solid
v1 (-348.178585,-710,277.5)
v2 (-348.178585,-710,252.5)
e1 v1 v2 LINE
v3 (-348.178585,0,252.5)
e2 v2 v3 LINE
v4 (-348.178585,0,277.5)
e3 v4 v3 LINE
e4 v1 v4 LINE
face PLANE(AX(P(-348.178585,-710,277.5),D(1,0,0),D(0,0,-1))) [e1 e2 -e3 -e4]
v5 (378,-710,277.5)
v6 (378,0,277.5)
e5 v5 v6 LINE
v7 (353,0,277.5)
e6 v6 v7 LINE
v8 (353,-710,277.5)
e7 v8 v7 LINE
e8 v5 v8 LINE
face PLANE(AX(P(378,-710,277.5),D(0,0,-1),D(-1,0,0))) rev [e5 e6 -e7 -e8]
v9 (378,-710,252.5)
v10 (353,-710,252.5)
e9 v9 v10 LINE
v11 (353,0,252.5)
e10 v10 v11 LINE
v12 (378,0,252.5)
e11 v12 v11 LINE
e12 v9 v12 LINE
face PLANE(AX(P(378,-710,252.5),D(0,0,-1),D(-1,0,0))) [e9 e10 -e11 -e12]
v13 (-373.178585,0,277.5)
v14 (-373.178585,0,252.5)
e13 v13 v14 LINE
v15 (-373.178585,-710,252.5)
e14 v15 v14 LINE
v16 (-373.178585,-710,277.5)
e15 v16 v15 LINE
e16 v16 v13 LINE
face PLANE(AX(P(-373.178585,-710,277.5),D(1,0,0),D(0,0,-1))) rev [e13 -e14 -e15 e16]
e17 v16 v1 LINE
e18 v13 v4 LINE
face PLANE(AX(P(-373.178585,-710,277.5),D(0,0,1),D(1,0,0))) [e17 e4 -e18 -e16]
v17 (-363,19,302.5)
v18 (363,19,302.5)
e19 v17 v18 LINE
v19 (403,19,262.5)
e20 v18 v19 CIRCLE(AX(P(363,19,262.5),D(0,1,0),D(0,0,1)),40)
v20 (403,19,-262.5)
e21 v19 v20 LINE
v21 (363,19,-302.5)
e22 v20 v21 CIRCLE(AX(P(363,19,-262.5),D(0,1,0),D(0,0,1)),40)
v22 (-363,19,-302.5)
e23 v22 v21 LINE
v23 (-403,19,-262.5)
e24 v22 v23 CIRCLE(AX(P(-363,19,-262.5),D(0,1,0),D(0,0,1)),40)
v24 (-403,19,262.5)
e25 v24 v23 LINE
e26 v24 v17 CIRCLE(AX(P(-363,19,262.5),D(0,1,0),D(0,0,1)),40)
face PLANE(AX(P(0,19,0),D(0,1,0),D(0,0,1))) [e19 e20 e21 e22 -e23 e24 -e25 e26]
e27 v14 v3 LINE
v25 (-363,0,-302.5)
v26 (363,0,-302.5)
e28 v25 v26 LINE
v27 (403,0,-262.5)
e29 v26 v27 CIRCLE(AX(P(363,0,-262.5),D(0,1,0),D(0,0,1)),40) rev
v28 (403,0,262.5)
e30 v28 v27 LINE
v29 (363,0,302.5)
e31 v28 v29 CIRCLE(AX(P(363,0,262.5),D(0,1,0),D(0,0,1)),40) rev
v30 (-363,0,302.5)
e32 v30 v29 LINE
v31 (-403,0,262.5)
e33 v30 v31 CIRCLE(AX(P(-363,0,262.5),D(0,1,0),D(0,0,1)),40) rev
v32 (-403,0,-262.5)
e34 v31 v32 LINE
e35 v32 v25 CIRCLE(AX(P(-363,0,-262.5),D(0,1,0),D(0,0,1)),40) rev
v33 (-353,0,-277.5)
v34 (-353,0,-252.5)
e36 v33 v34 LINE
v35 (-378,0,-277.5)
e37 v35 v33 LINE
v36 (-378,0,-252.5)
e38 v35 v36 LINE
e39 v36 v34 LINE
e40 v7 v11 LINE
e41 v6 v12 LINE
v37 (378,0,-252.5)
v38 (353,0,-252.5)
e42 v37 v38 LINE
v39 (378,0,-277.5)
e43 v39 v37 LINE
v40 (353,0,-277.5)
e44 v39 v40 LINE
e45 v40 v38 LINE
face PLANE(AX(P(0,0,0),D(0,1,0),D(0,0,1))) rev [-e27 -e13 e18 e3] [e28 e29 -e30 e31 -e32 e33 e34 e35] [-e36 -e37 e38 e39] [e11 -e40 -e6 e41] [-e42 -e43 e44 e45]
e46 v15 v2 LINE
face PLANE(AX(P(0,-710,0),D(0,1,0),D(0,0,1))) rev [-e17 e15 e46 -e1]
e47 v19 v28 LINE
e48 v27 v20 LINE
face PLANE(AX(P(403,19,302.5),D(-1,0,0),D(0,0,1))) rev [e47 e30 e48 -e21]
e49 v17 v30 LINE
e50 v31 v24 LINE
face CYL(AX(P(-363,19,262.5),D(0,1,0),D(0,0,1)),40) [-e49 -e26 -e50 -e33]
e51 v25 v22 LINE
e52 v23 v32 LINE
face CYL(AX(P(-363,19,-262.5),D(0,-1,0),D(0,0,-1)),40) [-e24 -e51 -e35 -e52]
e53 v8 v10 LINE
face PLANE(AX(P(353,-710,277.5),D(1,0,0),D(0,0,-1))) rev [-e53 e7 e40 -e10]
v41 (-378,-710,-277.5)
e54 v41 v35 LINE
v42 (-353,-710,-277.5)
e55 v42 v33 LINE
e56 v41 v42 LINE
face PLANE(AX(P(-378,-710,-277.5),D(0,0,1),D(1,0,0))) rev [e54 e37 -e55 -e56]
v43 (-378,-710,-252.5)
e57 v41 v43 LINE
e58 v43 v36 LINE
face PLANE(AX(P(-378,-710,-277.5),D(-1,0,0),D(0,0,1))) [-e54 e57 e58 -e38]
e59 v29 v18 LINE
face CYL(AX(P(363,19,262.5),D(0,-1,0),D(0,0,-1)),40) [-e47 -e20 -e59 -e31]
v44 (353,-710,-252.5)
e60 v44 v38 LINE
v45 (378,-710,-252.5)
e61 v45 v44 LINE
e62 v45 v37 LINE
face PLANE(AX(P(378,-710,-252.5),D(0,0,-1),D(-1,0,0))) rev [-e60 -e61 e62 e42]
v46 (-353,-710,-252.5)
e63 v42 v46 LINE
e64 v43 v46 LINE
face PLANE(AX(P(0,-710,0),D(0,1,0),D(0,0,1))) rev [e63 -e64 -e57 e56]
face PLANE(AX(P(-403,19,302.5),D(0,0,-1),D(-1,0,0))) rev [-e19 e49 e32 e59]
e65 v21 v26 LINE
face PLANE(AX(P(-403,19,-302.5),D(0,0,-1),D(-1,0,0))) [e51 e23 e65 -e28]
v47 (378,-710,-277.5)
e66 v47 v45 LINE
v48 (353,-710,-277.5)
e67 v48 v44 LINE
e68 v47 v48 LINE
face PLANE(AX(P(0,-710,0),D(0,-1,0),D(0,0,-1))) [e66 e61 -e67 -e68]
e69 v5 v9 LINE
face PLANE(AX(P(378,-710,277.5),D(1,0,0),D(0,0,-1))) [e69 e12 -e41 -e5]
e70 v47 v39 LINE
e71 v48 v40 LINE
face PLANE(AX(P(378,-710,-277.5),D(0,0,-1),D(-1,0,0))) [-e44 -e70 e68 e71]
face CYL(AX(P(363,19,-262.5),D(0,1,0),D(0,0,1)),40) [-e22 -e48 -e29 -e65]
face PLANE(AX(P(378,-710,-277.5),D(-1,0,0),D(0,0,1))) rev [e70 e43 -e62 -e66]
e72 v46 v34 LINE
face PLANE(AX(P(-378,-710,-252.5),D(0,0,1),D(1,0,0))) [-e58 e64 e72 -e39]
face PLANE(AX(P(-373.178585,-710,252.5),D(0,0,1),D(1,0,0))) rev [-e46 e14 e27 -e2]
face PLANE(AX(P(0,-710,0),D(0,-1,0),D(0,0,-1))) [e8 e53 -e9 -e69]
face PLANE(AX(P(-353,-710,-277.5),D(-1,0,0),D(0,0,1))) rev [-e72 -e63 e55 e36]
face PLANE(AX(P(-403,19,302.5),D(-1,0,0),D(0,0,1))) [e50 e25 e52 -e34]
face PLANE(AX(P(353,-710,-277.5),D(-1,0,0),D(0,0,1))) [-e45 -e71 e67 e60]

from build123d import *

# Parameters (mm, degrees)
SKETCH2_W           = 806
SKETCH2_H           = 605
BOSS_EXTRUDE1_DEPTH = 19
SKETCH4_W           = 25
SKETCH4_H           = 25
BOSS_EXTRUDE3_DEPTH = 710
FILLET2_R           = 40
FILLET3_R           = 40
FILLET4_R           = 40


with BuildPart() as part:
    # Sketch2 → Boss-Extrude1 (new body)
    with BuildSketch(Plane(origin=(0, 0, 0), x_dir=(1, 0, 0), z_dir=(0, 1, 0))):
        Rectangle(SKETCH2_W, SKETCH2_H)
    extrude(amount=BOSS_EXTRUDE1_DEPTH)

    # Sketch4 → Boss-Extrude3 (add)
    with BuildSketch(Plane.XZ):
        with Locations((-360.678585118, 265)):
            Rectangle(SKETCH4_W, SKETCH4_H)
        with Locations((365.5, 265)):
            Rectangle(SKETCH4_W, SKETCH4_H)
        with Locations((365.5, -265)):
            Rectangle(SKETCH4_W, SKETCH4_H)
        with Locations((-365.5, -265)):
            Rectangle(SKETCH4_W, SKETCH4_H)
    extrude(amount=BOSS_EXTRUDE3_DEPTH)

    # Fillet2
    fillet2_edges = [part.edges().sort_by_distance(p)[0] for p in [
        (403, 9.5, 302.5),
    ]]
    fillet(fillet2_edges, radius=FILLET2_R)

    # Fillet3
    fillet3_edges = [part.edges().sort_by_distance(p)[0] for p in [
        (-403, 9.5, 302.5),
    ]]
    fillet(fillet3_edges, radius=FILLET3_R)

    # Fillet4
    fillet4_edges = [part.edges().sort_by_distance(p)[0] for p in [
        (-403, 9.5, -302.5),
        (403, 9.5, -302.5),
    ]]
    fillet(fillet4_edges, radius=FILLET4_R)


solid = part.part
